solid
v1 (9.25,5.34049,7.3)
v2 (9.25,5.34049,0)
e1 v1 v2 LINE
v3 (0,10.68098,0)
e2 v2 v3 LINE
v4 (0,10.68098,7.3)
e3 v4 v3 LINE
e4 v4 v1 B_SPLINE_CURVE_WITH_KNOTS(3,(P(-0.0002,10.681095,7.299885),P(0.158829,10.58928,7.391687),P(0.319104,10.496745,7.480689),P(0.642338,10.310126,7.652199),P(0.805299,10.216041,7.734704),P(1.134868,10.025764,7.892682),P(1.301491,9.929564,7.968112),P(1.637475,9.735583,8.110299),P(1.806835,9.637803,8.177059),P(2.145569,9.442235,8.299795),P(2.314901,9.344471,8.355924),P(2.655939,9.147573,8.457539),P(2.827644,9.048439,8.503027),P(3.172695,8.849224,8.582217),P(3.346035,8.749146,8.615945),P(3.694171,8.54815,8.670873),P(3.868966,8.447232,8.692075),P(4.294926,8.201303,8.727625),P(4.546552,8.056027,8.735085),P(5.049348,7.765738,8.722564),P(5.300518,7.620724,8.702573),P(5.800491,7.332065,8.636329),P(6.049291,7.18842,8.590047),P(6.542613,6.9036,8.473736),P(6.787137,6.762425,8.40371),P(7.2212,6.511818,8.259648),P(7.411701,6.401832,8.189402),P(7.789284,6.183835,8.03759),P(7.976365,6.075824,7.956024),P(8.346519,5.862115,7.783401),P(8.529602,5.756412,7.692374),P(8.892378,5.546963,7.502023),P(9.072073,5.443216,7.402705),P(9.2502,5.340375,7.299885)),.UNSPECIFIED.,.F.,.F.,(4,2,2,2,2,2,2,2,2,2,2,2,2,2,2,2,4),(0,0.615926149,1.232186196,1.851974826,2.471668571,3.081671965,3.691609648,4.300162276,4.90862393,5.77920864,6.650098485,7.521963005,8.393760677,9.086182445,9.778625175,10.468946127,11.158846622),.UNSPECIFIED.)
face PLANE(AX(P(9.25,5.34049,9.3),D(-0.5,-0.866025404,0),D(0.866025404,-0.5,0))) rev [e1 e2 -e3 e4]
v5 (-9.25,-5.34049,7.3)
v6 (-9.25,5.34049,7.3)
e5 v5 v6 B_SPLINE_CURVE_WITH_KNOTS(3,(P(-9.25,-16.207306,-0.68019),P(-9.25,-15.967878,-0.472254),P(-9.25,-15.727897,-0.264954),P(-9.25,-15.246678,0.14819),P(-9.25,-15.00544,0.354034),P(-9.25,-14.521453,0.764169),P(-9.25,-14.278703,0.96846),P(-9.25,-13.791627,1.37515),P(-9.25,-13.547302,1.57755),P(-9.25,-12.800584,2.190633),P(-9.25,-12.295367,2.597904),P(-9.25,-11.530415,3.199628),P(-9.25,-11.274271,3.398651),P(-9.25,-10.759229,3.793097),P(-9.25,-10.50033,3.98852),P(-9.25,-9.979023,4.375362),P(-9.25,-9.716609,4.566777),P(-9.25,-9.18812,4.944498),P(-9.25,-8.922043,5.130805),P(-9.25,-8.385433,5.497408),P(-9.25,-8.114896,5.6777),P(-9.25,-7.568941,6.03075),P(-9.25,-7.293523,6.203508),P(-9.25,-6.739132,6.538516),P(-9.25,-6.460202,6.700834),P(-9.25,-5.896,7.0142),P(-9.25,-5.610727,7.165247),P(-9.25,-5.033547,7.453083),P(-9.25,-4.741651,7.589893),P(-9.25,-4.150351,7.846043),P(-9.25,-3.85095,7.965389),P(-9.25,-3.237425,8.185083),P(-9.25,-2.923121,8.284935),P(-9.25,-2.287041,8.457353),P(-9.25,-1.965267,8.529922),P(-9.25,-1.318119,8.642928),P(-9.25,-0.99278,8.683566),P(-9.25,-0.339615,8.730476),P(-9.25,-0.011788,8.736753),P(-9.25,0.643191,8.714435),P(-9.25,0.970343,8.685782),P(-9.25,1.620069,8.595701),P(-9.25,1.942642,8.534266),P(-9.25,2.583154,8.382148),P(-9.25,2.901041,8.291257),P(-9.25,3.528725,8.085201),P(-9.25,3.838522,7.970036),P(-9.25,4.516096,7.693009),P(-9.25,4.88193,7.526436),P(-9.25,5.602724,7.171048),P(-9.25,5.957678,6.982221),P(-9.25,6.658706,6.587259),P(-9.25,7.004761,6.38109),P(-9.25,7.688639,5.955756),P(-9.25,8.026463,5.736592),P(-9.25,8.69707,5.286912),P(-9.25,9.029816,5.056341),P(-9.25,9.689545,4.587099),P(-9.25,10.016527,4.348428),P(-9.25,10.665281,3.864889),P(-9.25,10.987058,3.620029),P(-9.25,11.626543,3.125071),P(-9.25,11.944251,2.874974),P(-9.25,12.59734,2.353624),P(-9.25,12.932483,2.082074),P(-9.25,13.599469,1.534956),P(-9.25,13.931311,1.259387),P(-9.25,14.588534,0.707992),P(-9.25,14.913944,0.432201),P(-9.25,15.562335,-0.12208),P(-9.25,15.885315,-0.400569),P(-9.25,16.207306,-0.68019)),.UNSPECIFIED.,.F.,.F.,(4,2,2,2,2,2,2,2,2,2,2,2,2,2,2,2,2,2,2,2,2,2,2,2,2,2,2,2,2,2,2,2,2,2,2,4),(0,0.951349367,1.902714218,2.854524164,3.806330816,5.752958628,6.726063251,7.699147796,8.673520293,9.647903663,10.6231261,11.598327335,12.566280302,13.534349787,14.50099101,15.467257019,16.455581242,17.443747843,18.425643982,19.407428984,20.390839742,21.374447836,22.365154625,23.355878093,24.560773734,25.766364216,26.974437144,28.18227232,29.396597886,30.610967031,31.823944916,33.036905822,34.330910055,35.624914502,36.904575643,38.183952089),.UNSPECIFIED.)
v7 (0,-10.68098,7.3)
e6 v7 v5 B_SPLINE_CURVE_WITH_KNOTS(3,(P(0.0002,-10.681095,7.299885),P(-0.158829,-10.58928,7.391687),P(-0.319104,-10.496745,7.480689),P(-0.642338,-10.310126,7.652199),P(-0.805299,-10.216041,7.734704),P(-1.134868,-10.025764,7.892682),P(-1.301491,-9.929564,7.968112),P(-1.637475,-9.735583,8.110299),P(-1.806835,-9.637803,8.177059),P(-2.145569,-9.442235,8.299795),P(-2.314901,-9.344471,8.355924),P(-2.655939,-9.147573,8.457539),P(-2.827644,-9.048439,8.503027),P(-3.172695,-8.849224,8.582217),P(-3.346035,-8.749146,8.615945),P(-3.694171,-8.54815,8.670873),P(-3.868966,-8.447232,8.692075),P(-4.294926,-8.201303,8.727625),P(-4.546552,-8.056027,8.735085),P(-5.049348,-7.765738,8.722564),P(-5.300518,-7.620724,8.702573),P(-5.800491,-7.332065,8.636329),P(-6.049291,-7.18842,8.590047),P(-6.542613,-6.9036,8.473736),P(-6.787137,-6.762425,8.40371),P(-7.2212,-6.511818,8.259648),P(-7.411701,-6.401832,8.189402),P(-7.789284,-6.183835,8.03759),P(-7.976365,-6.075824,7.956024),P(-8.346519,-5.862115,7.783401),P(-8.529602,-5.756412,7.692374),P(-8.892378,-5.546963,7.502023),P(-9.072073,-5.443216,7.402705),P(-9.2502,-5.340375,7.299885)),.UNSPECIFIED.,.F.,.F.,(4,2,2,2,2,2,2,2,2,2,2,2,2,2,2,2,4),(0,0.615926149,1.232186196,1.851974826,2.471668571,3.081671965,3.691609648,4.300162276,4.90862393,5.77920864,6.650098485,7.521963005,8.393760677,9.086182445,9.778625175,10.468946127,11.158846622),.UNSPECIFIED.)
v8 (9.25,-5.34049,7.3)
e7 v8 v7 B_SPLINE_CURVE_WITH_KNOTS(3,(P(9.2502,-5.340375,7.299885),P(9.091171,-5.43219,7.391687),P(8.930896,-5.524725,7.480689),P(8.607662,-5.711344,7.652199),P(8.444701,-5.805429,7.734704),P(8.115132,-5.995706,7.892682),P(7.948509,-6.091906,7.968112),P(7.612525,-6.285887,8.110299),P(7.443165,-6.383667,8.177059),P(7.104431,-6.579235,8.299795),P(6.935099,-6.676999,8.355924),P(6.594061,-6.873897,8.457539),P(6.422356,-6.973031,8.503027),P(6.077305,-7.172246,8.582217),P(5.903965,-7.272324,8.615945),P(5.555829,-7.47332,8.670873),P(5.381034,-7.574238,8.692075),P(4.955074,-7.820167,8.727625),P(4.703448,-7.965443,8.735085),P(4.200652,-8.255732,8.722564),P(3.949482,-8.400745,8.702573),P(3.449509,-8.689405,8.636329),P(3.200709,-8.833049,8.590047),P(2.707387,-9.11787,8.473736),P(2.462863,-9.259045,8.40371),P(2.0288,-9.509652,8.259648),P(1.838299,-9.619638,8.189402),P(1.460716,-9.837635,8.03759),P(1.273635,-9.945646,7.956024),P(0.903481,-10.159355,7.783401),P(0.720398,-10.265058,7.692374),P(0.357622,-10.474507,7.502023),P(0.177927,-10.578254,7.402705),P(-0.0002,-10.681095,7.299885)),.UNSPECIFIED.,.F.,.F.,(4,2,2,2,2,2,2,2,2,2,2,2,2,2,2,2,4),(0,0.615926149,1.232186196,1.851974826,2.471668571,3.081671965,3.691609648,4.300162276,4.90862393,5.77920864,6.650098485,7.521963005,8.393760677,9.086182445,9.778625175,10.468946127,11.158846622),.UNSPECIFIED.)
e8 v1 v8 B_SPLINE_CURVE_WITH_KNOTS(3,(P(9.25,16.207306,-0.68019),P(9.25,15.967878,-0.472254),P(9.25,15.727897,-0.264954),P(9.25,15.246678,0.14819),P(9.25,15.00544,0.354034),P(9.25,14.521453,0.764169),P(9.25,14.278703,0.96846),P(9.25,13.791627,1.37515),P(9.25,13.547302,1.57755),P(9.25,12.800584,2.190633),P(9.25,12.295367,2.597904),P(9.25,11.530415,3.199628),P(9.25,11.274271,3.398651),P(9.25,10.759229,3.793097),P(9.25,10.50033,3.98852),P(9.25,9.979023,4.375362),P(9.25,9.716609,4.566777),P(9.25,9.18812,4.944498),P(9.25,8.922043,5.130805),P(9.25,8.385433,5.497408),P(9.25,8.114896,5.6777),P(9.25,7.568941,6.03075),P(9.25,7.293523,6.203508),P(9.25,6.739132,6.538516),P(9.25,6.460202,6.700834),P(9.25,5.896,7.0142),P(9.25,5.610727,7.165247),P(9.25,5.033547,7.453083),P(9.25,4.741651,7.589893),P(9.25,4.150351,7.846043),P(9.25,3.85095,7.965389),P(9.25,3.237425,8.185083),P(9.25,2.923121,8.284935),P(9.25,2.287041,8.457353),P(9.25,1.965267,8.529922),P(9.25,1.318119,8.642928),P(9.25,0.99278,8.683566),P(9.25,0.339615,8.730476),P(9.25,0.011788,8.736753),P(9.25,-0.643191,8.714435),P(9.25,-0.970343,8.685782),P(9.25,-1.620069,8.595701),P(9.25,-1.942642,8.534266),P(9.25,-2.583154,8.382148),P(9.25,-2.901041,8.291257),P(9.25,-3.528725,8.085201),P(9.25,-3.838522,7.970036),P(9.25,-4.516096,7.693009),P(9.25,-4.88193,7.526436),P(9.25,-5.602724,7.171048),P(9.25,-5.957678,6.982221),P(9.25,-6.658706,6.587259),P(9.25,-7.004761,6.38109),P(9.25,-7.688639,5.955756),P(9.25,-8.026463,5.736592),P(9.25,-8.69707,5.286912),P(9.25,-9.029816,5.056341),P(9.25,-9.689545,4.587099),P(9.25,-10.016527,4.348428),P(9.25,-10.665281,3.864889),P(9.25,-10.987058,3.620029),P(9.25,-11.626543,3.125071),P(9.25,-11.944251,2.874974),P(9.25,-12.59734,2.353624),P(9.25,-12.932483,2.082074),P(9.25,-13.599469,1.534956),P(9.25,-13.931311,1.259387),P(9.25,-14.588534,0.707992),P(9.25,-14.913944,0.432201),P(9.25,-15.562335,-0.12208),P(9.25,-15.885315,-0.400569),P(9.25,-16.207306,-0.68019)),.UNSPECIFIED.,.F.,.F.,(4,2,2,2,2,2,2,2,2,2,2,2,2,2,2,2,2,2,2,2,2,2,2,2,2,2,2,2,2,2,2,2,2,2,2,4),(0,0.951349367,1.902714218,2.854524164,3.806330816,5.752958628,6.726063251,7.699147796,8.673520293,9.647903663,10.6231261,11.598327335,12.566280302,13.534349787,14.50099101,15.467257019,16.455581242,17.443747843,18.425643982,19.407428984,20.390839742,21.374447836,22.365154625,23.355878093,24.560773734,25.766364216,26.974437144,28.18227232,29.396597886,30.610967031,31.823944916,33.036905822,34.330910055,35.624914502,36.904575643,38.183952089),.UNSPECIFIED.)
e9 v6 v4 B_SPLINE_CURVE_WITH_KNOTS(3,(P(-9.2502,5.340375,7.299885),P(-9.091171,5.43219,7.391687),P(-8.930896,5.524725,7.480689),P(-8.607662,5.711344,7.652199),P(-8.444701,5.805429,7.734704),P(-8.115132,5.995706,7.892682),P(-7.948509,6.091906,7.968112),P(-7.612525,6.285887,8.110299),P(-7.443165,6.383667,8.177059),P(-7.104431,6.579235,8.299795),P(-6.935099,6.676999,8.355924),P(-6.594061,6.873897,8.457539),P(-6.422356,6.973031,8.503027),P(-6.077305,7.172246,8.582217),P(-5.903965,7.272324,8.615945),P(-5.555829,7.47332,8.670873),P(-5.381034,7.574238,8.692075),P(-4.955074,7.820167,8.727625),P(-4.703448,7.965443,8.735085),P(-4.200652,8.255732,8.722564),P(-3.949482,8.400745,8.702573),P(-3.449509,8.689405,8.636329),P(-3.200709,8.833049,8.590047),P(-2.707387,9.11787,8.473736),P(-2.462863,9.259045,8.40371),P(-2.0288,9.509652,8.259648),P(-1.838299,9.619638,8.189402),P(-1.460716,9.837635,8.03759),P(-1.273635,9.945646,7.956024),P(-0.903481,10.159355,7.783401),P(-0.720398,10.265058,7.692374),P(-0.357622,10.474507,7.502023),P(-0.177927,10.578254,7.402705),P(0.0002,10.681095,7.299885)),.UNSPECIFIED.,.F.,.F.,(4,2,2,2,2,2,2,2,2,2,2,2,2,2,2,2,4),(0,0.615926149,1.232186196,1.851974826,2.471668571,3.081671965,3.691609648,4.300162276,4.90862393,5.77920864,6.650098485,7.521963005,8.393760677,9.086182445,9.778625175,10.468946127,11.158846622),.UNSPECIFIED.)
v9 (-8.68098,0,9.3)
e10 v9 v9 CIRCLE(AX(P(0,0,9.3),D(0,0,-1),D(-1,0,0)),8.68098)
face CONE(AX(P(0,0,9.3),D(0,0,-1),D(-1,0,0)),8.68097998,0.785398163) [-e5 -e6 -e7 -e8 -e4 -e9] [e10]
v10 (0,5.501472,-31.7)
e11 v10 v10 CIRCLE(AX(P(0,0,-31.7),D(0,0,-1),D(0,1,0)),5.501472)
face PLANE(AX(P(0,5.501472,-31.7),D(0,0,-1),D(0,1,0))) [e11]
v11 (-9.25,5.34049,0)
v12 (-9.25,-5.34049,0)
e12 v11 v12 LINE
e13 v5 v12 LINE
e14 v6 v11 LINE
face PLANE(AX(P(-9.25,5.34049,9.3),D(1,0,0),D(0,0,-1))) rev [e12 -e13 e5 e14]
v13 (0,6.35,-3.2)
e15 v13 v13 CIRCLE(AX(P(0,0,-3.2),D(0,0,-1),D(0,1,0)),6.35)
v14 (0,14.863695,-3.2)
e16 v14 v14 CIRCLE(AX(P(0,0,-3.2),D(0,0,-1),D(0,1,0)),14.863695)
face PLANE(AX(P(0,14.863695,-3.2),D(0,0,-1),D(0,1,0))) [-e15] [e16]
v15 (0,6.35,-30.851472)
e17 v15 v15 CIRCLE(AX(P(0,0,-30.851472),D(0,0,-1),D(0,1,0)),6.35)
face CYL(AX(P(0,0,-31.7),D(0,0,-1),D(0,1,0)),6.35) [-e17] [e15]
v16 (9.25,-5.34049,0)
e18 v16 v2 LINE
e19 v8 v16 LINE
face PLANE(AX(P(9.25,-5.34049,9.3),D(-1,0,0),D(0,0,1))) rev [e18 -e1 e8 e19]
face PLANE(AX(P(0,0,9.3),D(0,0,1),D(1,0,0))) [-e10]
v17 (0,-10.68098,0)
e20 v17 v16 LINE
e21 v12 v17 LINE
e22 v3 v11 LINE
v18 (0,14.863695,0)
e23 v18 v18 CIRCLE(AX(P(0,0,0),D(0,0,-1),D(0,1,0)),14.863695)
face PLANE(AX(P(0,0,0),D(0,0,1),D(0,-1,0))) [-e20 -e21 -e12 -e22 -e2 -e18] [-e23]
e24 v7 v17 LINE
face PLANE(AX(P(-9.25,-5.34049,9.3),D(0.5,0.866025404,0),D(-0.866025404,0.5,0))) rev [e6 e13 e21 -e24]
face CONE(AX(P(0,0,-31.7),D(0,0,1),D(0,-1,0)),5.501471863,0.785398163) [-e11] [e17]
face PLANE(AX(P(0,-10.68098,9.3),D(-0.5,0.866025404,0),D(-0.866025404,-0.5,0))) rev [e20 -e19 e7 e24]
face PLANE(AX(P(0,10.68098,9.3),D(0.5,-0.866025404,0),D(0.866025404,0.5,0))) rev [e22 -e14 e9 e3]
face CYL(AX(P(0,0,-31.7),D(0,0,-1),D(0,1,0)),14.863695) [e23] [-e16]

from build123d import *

# Parameters (mm, degrees)
BOSS_EXTRUDE2_DEPTH = 9.3


with BuildPart() as part:
    # Sketch6 → Boss-Extrude2 (new body)
    with BuildSketch(Plane.XY):
        Polygon((0, 10.68097998), (-9.25, 5.34048999), (-9.25, -5.34048999), (0, -10.68097998), (9.25, -5.34048999), (9.25, 5.34048999), align=None)
    extrude(amount=BOSS_EXTRUDE2_DEPTH)

    # Sketch8 → Cut-Revolve1 (revolve, cut)
    with BuildSketch(Plane(origin=(0, 0, 0), x_dir=(0, 0, -1), z_dir=(1, 0, 0)), mode=Mode.PRIVATE) as cut_revolve1_sk:
        Polygon((-7.3, 10.68097998), (-9.3, 8.68097998), (-9.3, 10.68097998), align=None)
    revolve(cut_revolve1_sk.sketch.rotate(Axis((0, 0, 0), (0, 0, 1)), 90), axis=Axis((0, 0, 0), (0, 0, 1)), mode=Mode.SUBTRACT)

    # Sketch10 → Revolve1 (revolve)
    with BuildSketch(Plane(origin=(0, 0, 0), x_dir=(0, 0, -1), z_dir=(1, 0, 0))):
        Polygon((0, 0), (0, 14.863694745), (3.2, 14.863694745), (3.2, 6.35), (30.851471863, 6.35), (31.7, 5.501471863), (31.7, 0), align=None)
    revolve(axis=Axis((0, 0, -31.7), (0, 0, 1)))


solid = part.part
